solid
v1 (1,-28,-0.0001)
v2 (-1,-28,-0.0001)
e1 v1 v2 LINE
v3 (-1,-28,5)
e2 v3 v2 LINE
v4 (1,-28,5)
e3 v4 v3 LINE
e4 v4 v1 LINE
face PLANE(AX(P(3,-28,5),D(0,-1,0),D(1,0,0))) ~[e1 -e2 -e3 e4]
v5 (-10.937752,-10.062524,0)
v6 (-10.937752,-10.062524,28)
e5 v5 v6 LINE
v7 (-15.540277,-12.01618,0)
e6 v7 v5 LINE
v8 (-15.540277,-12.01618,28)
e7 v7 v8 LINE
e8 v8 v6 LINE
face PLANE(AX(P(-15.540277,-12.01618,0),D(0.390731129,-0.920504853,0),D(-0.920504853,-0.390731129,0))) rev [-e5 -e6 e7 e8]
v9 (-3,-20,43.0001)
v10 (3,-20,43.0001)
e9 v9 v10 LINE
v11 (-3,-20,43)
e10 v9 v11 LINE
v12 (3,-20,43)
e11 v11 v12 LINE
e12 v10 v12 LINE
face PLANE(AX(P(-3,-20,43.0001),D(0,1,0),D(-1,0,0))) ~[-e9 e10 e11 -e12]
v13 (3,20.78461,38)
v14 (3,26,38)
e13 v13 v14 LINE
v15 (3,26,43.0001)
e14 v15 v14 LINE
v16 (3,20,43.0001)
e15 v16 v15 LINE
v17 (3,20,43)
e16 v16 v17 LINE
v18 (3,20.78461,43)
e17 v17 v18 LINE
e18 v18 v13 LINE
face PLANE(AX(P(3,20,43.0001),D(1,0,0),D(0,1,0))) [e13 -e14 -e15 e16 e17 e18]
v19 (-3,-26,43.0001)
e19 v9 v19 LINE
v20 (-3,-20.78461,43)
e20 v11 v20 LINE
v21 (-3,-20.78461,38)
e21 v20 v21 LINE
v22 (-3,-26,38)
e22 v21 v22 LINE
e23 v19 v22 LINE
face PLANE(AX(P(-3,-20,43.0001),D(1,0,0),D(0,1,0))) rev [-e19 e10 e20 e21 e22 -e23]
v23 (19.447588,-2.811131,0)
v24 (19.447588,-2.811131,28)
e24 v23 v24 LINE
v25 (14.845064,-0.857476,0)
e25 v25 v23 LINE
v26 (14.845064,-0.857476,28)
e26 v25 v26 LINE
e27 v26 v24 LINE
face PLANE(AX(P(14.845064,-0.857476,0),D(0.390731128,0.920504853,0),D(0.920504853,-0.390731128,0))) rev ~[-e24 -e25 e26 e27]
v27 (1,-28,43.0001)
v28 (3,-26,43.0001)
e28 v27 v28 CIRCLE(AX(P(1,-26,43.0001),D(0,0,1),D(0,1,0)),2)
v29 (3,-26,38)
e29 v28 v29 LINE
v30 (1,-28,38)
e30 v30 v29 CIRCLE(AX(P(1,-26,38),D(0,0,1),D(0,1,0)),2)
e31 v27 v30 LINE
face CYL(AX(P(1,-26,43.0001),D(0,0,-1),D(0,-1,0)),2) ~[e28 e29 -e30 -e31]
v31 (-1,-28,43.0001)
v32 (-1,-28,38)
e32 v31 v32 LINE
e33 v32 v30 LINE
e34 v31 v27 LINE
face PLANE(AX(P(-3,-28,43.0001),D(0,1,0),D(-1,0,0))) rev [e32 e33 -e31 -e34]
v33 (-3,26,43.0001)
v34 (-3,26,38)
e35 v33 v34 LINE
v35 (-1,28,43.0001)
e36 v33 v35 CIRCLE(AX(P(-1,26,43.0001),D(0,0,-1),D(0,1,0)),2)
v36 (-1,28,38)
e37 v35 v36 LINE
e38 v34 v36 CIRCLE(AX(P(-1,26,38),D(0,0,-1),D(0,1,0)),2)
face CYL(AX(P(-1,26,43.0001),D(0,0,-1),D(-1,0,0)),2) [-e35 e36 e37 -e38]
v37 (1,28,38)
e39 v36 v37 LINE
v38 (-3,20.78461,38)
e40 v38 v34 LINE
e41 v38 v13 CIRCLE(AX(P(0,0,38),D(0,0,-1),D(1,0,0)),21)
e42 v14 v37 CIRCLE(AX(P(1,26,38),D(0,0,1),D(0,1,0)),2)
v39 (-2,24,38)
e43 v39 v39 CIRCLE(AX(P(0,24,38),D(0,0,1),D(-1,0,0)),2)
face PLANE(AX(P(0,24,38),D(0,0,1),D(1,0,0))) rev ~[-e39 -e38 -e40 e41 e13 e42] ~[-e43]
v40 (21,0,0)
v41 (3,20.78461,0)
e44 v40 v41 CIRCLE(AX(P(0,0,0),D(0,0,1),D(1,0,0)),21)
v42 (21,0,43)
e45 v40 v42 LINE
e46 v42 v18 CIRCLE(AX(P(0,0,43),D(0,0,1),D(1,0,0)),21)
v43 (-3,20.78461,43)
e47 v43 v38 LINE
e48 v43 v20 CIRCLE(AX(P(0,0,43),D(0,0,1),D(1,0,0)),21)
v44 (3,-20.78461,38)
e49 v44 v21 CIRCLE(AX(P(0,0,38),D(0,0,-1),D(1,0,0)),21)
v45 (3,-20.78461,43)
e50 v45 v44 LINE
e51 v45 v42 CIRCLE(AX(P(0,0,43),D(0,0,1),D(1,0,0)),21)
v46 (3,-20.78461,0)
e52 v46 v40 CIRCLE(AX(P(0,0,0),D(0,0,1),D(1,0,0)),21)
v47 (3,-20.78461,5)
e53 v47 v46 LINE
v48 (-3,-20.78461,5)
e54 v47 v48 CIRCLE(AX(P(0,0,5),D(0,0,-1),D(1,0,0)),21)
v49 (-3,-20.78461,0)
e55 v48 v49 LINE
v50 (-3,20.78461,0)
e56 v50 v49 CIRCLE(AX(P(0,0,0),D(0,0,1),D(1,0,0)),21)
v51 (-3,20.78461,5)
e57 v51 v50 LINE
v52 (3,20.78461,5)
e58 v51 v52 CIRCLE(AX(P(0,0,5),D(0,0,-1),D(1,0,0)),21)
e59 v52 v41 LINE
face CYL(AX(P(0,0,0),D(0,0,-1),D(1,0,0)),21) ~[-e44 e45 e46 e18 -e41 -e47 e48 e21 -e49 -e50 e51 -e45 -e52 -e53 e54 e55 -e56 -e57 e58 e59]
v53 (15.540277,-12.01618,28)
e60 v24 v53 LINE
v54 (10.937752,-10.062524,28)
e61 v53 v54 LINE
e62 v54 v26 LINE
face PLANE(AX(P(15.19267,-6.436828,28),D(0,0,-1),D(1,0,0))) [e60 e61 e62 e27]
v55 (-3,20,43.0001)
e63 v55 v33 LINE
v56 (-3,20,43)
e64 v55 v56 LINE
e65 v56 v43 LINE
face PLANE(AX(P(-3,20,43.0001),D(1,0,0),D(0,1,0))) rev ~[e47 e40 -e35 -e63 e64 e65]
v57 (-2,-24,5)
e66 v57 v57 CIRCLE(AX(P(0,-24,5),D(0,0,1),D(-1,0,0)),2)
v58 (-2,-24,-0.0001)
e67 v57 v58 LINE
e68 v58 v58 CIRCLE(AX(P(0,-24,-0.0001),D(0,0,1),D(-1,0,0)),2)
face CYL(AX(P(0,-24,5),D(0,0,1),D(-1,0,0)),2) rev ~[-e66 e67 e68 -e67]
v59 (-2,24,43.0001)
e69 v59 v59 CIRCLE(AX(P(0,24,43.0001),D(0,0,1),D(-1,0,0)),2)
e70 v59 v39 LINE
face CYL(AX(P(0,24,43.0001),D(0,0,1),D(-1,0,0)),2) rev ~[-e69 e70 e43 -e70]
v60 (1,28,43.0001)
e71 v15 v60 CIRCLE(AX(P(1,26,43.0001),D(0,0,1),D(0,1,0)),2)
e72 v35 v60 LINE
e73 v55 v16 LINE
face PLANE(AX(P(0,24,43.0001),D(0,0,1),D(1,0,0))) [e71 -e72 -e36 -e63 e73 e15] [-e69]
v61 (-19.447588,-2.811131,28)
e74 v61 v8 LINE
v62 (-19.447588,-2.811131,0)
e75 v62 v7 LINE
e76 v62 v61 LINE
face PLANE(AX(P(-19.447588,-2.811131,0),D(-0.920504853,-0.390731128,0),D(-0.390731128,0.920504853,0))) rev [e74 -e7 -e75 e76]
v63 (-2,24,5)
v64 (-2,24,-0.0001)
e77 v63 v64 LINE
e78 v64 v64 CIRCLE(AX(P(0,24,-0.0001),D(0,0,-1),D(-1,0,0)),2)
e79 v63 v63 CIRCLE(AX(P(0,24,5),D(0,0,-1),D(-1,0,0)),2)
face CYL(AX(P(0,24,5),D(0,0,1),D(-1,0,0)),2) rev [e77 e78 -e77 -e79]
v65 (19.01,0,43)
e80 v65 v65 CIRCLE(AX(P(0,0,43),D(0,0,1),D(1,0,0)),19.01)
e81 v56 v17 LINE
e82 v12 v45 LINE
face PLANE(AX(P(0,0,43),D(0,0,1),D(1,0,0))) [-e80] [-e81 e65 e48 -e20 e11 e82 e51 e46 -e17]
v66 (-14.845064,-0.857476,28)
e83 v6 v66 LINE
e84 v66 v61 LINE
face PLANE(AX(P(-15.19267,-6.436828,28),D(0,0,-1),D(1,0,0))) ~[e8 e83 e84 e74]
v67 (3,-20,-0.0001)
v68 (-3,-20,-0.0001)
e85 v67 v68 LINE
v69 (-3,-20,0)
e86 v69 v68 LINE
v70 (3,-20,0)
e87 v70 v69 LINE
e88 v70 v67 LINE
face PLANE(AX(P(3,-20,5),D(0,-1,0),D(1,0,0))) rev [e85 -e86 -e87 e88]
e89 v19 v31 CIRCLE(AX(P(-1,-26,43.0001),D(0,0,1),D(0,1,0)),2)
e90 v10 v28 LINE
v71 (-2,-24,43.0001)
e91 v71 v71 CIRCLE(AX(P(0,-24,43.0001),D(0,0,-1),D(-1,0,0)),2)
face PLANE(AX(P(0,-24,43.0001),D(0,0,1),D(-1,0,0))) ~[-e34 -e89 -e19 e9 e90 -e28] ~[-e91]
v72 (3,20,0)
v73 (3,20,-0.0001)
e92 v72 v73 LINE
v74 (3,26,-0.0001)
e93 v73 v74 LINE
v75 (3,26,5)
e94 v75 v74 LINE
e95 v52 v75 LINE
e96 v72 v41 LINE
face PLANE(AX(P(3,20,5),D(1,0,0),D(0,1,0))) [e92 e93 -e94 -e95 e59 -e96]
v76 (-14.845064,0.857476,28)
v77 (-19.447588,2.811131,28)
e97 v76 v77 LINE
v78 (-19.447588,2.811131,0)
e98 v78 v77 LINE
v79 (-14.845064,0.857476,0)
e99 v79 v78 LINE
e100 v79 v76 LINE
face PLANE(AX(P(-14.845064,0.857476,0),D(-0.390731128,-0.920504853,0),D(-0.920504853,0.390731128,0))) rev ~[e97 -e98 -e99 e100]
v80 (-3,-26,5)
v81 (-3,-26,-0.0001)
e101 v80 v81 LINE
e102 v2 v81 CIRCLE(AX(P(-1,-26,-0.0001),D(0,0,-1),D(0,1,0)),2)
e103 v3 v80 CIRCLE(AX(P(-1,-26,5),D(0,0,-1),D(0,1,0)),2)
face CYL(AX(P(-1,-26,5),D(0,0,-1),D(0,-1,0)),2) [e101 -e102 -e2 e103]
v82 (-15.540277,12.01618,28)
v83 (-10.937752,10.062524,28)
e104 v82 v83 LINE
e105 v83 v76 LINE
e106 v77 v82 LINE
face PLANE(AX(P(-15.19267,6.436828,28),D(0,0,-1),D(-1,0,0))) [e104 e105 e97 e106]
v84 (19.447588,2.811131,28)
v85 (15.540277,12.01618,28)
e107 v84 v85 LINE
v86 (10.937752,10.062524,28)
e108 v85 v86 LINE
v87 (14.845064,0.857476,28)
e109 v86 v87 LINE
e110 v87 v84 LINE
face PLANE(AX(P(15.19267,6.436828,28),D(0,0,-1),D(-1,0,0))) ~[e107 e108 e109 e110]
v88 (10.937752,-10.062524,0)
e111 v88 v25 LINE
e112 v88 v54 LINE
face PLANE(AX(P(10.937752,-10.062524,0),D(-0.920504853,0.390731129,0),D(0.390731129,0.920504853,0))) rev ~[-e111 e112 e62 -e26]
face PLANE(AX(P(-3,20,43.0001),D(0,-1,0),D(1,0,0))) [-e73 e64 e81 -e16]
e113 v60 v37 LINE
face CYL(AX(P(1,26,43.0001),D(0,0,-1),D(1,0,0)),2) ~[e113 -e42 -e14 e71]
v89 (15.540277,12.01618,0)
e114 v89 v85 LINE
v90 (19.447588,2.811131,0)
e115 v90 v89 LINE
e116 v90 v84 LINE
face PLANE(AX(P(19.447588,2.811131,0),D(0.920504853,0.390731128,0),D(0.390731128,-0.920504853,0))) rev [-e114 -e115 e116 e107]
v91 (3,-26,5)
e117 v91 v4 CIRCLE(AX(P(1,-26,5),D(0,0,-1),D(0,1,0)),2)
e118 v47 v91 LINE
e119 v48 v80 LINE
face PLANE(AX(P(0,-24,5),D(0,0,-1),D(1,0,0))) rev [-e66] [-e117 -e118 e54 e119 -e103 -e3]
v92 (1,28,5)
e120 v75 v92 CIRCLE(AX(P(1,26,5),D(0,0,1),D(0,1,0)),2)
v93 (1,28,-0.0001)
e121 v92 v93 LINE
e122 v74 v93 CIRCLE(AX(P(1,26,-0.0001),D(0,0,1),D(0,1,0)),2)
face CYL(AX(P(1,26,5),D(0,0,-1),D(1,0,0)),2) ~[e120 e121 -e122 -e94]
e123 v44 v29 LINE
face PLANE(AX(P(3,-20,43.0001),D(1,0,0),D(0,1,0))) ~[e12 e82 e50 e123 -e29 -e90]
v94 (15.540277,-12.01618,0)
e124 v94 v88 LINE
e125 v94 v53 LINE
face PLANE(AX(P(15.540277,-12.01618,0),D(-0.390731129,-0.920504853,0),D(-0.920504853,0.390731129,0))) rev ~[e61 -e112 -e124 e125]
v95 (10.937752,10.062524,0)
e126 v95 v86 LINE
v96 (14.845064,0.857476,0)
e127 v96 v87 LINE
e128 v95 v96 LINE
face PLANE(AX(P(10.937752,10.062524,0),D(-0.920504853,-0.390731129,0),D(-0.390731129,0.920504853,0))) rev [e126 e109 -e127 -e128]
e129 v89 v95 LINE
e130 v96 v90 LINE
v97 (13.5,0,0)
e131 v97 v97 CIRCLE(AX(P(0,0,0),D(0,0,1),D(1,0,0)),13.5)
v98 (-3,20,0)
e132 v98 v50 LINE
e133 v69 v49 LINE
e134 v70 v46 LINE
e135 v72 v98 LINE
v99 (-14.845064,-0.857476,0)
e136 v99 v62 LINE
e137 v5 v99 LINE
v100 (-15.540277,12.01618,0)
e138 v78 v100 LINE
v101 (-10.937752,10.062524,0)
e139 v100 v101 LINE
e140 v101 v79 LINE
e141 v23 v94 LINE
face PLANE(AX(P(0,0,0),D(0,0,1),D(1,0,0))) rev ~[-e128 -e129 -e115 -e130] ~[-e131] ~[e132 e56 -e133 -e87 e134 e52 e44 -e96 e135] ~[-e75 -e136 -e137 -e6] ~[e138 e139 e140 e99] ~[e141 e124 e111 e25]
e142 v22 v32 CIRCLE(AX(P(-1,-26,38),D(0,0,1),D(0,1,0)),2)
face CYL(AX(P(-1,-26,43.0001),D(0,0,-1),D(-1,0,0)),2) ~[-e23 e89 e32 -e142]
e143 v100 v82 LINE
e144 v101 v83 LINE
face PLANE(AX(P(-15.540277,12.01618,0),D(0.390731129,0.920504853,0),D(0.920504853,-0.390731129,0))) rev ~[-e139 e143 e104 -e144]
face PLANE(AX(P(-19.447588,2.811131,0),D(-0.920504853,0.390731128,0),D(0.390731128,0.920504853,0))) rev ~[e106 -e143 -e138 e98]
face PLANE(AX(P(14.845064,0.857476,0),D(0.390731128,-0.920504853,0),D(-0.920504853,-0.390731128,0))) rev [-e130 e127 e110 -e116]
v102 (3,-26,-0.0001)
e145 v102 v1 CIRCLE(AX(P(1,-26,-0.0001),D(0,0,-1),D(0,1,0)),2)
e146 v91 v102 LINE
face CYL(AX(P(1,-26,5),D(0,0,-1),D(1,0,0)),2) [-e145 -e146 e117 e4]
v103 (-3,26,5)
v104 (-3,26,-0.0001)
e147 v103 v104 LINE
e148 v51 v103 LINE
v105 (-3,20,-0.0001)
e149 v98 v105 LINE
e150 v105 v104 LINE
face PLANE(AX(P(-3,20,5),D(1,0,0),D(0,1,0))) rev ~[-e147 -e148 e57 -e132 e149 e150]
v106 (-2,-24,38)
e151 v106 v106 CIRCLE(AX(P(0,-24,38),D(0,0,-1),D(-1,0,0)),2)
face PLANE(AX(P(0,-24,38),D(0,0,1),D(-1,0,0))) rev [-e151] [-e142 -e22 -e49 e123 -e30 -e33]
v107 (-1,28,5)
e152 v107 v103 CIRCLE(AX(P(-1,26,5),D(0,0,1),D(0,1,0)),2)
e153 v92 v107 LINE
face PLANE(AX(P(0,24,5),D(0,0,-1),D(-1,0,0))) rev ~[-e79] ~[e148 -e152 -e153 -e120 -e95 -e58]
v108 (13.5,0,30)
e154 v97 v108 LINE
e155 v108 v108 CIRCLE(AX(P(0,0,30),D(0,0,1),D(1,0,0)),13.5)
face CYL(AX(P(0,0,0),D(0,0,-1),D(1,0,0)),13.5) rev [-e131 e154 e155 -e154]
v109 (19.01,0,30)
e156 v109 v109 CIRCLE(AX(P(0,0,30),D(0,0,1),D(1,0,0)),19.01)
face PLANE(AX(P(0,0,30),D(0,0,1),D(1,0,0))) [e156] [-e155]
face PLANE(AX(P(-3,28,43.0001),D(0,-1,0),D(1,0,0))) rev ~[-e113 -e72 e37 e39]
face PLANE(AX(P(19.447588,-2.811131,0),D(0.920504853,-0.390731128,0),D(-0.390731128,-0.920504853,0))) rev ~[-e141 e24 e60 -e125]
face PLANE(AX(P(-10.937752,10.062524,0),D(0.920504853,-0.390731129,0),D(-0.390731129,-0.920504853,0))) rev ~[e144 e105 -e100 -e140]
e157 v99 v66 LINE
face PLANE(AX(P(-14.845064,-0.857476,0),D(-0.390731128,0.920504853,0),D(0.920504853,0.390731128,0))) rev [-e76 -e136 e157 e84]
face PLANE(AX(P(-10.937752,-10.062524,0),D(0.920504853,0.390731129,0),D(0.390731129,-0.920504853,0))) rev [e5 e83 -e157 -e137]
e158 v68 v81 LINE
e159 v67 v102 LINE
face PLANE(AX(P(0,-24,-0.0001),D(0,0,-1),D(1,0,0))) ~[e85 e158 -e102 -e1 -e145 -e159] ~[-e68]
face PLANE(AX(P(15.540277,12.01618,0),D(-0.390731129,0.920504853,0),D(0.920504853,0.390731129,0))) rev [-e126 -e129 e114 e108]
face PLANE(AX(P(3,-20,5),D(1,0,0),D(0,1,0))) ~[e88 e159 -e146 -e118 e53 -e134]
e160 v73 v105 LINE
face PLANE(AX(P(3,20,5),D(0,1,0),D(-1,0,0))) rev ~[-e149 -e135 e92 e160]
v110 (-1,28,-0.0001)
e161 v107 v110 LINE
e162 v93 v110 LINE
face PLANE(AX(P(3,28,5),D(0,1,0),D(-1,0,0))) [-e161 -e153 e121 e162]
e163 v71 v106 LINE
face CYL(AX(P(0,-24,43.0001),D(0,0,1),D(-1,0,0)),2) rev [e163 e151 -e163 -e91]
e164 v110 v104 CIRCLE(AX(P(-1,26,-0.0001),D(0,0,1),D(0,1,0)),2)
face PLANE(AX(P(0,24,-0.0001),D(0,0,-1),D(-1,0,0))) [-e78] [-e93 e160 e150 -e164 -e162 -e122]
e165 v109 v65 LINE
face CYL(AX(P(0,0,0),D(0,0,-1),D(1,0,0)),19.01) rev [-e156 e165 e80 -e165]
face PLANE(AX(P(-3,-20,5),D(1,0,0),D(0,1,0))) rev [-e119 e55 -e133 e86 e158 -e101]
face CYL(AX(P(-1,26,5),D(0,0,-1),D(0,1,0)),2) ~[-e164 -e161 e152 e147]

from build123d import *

# Parameters (mm, degrees)
SKETCH1_R                = 19.01
SKETCH1_R_2              = 13.5
BOSS_EXTRUDE1_DEPTH      = 30
BOSS_EXTRUDE2_DEPTH      = 13
BOSS_EXTRUDE2_DEPTH_BACK = 30
SKETCH2_R                = 21
SKETCH2_R_2              = 19.01
CUT_EXTRUDE1_DEPTH       = 28
MIRROR2_COPY_1_DEPTH     = 28
BOSS_EXTRUDE3_START      = -5
SKETCH4_W                = 6
SKETCH4_H                = 8
SKETCH4_R                = 2
BOSS_EXTRUDE3_DEPTH      = 5.0001
FILLET1_R                = 2
FILLET1_OF_MIRROR5_R     = 2
BOSS_EXTRUDE6_START      = 0.0001
SKETCH7_W                = 6
SKETCH7_H                = 8
SKETCH7_R                = 2
BOSS_EXTRUDE6_DEPTH      = 5.0001
FILLET2_R                = 2


with BuildPart() as part:
    # Sketch1 → Boss-Extrude1 (new body)
    with BuildSketch(Plane.XY):
        Circle(SKETCH1_R)
        Circle(SKETCH1_R_2, mode=Mode.SUBTRACT)
    extrude(amount=BOSS_EXTRUDE1_DEPTH)

    # Sketch2 → Boss-Extrude2 (add, two sides: drawn at the far end of the back side and taken through both)
    with BuildSketch(Plane.XY.offset(30).offset(-BOSS_EXTRUDE2_DEPTH_BACK)):
        Circle(SKETCH2_R)
        Circle(SKETCH2_R_2, mode=Mode.SUBTRACT)
    extrude(amount=BOSS_EXTRUDE2_DEPTH + BOSS_EXTRUDE2_DEPTH_BACK)

    # Sketch3 → Cut-Extrude1 (cut)
    with BuildSketch(Plane(origin=(0, 0, 0), x_dir=(-1, 0, 0), z_dir=(0, 0, -1))):
        Polygon((15.540276616, 12.01617991), (10.937752349, 10.062524267), (14.845063634, 0.857475733), (19.447587901, 2.811131375), align=None)
    cut_extrude1 = extrude(amount=-CUT_EXTRUDE1_DEPTH, mode=Mode.SUBTRACT)

    # Mirror1: Cut-Extrude1 across plane
    add(cut_extrude1.mirror(Plane.ZX), mode=Mode.SUBTRACT)

    # Mirror2: Cut-Extrude1 across plane
    add(cut_extrude1.mirror(Plane(origin=(0, 0, 0), x_dir=(0, 0, 1), z_dir=(1, 0, 0))), mode=Mode.SUBTRACT)

    # Mirror2 copy 1 sketch → Mirror2 copy 1 (cut)
    with BuildSketch(Plane(origin=(0, 0, 0), x_dir=(1, 0, 0), z_dir=(0, 0, -1))):
        Polygon((15.540276616, 12.01617991), (10.937752349, 10.062524267), (14.845063634, 0.857475733), (19.447587901, 2.811131375), align=None)
    extrude(amount=-MIRROR2_COPY_1_DEPTH, mode=Mode.SUBTRACT)

    # Sketch4 → Boss-Extrude3 (add)
    with BuildSketch(Plane(origin=(0, 0, 0), x_dir=(-1, 0, 0), z_dir=(0, 0, -1)).offset(BOSS_EXTRUDE3_START)):
        with Locations((0, 24)):
            Rectangle(SKETCH4_W, SKETCH4_H)
        with Locations((0, 24)):
            Circle(SKETCH4_R, mode=Mode.SUBTRACT)
    boss_extrude3 = extrude(amount=BOSS_EXTRUDE3_DEPTH)

    # Fillet1
    fillet1_edges = [part.edges().sort_by_distance(p)[0] for p in [
        (-3, 28, 2.49995),
        (3, 28, 2.49995),
    ]]
    fillet(fillet1_edges, radius=FILLET1_R)

    # Mirror5: Boss-Extrude3 across plane
    add(boss_extrude3.mirror(Plane.ZX))

    # Fillet1 of Mirror5
    fillet1_of_mirror5_edges = [part.edges().sort_by_distance(p)[0] for p in [
        (-3, -28, 2.49995),
        (3, -28, 2.49995),
    ]]
    fillet(fillet1_of_mirror5_edges, radius=FILLET1_OF_MIRROR5_R)

    # Sketch7 → Boss-Extrude6 (add)
    with BuildSketch(Plane.XY.offset(43).offset(BOSS_EXTRUDE6_START)):
        with Locations((0, 24)):
            Rectangle(SKETCH7_W, SKETCH7_H)
        with Locations(Location((0, 24, 0), (0, 0, 180))):
            Circle(SKETCH7_R, mode=Mode.SUBTRACT)
    boss_extrude6 = extrude(amount=-BOSS_EXTRUDE6_DEPTH)

    # Mirror6: Boss-Extrude6 across plane
    add(boss_extrude6.mirror(Plane.ZX))

    # Fillet2
    fillet2_edges = [part.edges().sort_by_distance(p)[0] for p in [
        (-3, 28, 40.50005),
        (3, 28, 40.50005),
        (-3, -28, 40.50005),
        (3, -28, 40.50005),
    ]]
    fillet(fillet2_edges, radius=FILLET2_R)


solid = part.part
